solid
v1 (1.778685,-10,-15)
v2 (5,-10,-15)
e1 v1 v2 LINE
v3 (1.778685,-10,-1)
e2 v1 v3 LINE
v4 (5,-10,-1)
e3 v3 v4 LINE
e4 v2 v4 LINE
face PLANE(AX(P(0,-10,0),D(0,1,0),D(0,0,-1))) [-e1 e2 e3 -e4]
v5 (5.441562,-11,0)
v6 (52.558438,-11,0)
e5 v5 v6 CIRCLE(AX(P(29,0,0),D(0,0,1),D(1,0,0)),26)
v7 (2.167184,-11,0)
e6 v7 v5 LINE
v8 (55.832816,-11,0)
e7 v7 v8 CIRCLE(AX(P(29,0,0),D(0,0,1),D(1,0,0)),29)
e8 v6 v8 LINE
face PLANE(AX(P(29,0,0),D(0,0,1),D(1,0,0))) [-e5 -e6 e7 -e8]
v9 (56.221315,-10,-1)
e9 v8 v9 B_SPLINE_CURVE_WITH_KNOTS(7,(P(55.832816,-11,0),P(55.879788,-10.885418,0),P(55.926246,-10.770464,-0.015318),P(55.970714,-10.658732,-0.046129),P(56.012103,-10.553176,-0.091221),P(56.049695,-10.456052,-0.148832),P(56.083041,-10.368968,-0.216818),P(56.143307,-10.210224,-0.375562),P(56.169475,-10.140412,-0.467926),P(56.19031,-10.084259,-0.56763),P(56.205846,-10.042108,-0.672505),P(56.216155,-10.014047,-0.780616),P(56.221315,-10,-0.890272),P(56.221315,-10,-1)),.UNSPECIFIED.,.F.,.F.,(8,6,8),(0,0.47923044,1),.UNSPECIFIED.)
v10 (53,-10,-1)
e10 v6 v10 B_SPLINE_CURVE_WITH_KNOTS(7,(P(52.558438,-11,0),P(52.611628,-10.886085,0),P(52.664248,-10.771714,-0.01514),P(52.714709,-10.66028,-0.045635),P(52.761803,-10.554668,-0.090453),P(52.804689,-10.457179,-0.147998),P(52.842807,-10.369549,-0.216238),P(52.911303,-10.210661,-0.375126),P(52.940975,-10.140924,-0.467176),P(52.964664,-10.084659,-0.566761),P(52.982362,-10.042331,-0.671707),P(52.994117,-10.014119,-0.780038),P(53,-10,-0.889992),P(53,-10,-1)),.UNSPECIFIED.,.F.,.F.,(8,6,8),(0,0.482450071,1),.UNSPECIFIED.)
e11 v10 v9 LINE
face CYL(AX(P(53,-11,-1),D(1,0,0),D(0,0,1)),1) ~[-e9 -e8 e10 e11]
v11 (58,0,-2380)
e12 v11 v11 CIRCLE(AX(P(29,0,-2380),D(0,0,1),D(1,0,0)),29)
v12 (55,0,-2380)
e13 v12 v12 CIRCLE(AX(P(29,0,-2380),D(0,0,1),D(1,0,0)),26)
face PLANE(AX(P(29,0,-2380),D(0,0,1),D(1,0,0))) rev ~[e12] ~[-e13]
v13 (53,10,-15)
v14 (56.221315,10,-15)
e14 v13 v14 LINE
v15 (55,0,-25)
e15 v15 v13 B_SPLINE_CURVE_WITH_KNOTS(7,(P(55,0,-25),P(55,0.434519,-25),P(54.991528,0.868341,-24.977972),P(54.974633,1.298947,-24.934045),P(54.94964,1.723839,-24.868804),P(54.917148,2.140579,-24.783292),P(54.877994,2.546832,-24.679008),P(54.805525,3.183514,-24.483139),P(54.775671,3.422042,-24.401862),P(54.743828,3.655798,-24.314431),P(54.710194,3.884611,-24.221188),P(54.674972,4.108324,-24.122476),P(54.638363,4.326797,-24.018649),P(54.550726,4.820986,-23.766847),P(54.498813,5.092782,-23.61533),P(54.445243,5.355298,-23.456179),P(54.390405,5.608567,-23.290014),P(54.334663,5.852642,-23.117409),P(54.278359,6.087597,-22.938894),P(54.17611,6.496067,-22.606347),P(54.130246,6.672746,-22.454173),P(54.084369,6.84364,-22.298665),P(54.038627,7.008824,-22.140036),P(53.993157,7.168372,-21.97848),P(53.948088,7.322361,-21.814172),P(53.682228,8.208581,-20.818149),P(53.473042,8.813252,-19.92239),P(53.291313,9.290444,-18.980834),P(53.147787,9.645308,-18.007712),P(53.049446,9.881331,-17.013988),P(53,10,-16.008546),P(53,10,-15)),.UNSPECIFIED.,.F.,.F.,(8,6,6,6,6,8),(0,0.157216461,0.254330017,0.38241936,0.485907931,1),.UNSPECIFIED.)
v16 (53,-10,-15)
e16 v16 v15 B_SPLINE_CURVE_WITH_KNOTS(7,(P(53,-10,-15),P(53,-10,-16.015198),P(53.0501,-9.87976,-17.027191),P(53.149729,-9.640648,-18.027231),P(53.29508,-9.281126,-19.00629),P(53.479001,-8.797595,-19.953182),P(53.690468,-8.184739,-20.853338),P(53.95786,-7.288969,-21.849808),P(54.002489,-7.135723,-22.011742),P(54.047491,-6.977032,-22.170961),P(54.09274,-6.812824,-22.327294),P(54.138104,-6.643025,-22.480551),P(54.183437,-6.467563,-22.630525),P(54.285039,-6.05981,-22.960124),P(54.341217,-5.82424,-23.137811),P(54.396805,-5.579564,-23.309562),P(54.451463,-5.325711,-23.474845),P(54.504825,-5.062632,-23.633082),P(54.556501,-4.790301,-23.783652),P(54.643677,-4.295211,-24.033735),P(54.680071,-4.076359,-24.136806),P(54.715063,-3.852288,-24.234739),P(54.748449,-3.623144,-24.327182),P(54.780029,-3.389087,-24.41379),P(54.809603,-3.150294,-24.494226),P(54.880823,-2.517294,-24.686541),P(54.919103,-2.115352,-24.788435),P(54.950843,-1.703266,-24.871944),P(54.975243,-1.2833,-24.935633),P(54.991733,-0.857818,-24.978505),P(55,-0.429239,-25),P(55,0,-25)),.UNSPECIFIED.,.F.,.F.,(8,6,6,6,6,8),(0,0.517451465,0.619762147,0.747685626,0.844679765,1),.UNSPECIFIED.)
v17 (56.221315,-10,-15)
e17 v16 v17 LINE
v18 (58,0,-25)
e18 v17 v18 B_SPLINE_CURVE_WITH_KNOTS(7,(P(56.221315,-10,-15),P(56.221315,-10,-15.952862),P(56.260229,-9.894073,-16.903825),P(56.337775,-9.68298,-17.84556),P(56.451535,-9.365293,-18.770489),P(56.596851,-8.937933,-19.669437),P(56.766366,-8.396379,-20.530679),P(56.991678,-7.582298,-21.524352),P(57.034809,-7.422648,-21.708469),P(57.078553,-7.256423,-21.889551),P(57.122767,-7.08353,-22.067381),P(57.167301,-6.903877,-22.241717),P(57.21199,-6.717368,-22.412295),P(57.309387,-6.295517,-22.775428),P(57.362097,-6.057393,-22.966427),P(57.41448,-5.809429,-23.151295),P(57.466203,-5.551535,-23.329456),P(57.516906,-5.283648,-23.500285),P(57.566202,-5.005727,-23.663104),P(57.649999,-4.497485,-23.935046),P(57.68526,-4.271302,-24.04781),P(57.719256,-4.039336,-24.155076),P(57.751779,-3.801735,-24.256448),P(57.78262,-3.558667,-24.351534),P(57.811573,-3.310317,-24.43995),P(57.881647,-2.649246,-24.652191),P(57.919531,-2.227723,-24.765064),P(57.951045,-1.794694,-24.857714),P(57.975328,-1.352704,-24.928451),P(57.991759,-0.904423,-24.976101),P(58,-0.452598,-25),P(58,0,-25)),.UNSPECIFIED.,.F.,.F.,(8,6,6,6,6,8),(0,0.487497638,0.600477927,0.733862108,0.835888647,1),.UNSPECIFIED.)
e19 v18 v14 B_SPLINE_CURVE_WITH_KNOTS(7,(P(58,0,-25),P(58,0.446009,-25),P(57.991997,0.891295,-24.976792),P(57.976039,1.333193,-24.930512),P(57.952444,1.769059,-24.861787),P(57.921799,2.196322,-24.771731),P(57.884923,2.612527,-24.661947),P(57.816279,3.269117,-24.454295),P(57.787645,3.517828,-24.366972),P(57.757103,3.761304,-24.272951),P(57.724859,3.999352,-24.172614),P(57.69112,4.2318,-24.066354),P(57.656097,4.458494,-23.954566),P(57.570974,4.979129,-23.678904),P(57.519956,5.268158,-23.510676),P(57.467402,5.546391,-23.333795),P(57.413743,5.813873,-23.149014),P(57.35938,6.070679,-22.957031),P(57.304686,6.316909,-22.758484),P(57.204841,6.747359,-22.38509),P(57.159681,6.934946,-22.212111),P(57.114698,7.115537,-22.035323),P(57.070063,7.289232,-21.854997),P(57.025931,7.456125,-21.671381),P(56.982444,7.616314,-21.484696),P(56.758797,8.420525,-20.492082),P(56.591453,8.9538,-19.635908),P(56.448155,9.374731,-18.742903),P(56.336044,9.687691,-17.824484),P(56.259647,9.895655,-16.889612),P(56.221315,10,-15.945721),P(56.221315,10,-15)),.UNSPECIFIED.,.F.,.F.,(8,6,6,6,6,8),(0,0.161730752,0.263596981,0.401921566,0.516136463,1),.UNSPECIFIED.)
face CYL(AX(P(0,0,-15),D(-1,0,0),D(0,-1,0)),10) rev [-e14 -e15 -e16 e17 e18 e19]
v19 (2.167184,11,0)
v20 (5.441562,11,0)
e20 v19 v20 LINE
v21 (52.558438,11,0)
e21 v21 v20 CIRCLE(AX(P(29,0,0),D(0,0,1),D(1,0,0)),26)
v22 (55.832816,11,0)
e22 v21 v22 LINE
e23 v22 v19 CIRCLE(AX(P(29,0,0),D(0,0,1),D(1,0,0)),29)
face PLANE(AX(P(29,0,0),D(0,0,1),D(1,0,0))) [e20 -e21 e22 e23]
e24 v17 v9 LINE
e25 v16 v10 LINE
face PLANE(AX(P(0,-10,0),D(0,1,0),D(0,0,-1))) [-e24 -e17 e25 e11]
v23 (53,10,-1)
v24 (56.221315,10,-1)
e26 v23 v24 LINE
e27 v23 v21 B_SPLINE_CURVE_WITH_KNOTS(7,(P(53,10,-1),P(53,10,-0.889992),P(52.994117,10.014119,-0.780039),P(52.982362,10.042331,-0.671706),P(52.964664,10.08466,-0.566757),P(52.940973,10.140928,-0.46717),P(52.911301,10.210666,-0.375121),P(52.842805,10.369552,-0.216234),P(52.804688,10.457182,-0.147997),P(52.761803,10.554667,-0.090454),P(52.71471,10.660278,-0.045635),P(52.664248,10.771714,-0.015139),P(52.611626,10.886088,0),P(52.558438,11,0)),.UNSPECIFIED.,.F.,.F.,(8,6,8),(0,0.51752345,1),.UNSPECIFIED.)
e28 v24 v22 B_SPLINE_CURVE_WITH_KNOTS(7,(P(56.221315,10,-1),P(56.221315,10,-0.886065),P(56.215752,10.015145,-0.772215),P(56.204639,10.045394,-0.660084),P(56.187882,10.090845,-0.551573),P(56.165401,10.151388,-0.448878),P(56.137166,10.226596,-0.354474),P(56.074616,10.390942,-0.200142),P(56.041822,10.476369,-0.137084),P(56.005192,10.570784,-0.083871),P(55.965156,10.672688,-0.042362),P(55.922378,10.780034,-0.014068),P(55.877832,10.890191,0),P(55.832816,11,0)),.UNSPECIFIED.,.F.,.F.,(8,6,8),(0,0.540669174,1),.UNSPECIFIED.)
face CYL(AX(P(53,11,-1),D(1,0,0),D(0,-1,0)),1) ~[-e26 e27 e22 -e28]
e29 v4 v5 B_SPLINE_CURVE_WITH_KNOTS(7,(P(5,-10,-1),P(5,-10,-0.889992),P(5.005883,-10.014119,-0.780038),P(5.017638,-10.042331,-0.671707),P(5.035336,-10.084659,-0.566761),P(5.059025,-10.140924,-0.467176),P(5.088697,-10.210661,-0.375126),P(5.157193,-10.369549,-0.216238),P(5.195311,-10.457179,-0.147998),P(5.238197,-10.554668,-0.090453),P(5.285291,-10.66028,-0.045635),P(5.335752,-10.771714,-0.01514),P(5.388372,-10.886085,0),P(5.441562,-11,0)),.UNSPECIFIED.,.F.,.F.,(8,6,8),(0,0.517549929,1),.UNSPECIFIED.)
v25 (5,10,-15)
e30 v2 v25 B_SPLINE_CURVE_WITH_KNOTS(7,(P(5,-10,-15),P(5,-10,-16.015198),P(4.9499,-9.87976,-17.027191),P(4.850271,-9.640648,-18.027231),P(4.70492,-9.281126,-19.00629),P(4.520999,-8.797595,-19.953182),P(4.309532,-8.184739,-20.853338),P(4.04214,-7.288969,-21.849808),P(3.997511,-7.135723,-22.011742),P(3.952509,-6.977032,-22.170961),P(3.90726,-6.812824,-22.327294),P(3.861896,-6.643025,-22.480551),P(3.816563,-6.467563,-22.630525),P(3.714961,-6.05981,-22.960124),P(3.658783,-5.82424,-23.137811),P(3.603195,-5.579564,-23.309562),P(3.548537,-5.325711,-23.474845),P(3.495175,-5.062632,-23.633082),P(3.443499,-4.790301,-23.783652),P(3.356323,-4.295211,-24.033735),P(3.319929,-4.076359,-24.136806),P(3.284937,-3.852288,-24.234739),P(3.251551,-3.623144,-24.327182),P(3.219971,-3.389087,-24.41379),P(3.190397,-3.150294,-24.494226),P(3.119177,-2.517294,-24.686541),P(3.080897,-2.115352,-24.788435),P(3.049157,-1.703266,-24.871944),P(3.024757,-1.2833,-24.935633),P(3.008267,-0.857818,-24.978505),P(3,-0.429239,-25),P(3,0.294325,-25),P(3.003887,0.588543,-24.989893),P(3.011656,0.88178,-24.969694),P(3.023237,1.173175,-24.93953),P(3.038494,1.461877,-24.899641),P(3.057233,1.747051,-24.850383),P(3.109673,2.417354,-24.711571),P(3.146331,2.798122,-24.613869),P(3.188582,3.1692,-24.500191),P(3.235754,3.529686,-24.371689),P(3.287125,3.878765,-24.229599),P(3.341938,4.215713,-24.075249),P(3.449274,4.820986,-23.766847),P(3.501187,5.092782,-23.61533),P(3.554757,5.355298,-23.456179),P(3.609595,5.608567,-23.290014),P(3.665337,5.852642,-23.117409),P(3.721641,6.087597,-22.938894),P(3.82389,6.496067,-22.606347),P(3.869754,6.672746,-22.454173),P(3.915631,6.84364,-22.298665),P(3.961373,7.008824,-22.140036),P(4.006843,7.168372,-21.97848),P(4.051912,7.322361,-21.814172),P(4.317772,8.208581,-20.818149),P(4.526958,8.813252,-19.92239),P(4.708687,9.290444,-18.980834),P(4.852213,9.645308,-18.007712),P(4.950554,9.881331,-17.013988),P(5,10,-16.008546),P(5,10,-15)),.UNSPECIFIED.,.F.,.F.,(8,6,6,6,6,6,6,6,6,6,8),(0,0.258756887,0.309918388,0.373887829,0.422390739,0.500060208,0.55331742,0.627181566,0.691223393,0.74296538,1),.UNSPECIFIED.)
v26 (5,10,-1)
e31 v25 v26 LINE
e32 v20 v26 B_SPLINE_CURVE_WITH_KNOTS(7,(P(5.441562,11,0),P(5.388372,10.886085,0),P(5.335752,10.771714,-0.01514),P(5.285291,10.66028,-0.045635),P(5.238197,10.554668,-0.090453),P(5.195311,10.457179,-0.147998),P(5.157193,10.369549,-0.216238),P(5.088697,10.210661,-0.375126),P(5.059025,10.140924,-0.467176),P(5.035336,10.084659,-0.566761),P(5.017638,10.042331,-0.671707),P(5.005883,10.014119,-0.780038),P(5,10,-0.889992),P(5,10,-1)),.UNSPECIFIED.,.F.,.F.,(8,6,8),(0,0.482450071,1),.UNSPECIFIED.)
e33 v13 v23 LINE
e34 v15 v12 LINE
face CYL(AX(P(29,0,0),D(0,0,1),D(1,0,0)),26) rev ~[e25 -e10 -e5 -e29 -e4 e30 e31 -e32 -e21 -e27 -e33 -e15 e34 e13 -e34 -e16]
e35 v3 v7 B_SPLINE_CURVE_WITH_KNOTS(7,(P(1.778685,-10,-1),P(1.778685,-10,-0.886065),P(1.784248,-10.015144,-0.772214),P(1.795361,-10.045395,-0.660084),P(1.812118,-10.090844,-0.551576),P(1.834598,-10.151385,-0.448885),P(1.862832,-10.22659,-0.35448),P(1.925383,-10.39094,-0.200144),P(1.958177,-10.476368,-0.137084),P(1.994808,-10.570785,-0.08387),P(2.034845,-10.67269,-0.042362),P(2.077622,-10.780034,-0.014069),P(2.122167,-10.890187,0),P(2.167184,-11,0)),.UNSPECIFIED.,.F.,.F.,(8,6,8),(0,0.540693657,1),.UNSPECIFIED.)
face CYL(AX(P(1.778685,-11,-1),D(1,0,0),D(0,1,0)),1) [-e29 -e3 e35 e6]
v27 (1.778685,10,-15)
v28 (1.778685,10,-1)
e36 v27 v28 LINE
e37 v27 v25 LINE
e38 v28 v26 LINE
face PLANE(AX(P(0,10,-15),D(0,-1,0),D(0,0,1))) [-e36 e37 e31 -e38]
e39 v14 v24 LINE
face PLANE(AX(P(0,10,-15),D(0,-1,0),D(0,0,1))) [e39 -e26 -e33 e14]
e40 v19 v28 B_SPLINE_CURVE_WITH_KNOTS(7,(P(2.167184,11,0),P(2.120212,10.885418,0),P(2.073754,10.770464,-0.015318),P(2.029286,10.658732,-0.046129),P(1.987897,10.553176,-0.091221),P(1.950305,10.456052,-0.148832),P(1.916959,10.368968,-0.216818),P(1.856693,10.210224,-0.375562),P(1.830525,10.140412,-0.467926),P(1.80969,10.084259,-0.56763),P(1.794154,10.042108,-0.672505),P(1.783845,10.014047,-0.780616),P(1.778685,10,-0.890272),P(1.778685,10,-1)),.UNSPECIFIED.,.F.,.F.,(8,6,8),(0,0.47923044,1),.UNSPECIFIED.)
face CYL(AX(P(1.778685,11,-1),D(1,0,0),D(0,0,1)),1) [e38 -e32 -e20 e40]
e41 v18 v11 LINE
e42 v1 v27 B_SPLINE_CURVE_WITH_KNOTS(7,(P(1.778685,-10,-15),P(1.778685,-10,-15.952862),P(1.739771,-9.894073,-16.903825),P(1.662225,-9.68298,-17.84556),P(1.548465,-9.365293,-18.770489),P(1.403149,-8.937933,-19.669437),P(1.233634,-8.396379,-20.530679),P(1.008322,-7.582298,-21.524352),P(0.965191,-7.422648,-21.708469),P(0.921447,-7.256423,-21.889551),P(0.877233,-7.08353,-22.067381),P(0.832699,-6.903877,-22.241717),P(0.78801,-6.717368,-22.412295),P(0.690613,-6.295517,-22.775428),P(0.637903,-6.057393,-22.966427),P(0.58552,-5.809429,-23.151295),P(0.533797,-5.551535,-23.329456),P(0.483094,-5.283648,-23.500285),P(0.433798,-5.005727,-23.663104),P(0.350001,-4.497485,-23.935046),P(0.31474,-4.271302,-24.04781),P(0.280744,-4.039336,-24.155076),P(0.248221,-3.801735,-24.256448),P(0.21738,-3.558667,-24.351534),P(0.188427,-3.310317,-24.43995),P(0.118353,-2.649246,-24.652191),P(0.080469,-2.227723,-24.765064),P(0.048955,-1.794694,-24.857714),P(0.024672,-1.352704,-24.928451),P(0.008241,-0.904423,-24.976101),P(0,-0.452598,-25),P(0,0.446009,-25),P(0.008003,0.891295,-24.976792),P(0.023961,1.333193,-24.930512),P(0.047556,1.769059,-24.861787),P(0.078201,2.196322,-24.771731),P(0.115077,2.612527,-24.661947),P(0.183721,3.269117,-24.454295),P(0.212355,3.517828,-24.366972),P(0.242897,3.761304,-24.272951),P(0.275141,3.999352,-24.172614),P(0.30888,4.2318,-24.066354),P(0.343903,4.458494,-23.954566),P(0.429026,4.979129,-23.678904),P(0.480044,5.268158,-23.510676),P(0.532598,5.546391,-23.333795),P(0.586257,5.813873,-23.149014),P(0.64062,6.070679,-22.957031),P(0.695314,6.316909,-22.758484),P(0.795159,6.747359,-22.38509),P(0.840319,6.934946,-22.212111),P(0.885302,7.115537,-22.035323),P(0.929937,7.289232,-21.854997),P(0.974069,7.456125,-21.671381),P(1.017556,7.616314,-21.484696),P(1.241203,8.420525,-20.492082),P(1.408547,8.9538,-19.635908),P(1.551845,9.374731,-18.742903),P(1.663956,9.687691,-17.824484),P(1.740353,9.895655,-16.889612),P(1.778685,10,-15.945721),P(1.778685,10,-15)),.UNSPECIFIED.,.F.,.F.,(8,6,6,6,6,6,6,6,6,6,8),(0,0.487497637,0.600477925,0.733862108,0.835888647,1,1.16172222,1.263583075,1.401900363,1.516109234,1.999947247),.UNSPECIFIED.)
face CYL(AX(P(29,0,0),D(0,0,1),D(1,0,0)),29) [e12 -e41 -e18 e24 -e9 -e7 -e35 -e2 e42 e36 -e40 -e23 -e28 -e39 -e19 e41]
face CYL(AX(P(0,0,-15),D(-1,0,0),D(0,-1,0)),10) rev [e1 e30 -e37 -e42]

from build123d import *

# Parameters (mm, degrees)
SKETCH4_R           = 29
SKETCH4_R_2         = 26
BOSS_EXTRUDE1_DEPTH = 2380
CUT_EXTRUDE1_DEPTH  = 2381.883239472
FILLET1_R           = 1


with BuildPart() as part:
    # Sketch4 → Boss-Extrude1 (new body)
    with BuildSketch(Plane.XY):
        with Locations((29, 0)):
            Circle(SKETCH4_R)
        with Locations((29, 0)):
            Circle(SKETCH4_R_2, mode=Mode.SUBTRACT)
    extrude(amount=-BOSS_EXTRUDE1_DEPTH)

    # Sketch6 → Cut-Extrude1 (cut, through all)
    with BuildSketch(Plane(origin=(0, 0, 0), x_dir=(0, 0, -1), z_dir=(1, 0, 0))):
        with BuildLine():
            Line((0, 10), (0, -10))
            Line((0, -10), (15, -10))
            ThreePointArc((15, -10), (25, 0), (15, 10))
            Line((15, 10), (0, 10))
        make_face()
    extrude(amount=CUT_EXTRUDE1_DEPTH, mode=Mode.SUBTRACT)

    # Fillet1
    fillet1_edges = [part.edges().sort_by_distance(p)[0] for p in [
        (3.389342411, 10, 0),
        (54.610657589, 10, 0),
        (3.389342411, -10, 0),
        (54.610657589, -10, 0),
    ]]
    fillet(fillet1_edges, radius=FILLET1_R)


solid = part.part
